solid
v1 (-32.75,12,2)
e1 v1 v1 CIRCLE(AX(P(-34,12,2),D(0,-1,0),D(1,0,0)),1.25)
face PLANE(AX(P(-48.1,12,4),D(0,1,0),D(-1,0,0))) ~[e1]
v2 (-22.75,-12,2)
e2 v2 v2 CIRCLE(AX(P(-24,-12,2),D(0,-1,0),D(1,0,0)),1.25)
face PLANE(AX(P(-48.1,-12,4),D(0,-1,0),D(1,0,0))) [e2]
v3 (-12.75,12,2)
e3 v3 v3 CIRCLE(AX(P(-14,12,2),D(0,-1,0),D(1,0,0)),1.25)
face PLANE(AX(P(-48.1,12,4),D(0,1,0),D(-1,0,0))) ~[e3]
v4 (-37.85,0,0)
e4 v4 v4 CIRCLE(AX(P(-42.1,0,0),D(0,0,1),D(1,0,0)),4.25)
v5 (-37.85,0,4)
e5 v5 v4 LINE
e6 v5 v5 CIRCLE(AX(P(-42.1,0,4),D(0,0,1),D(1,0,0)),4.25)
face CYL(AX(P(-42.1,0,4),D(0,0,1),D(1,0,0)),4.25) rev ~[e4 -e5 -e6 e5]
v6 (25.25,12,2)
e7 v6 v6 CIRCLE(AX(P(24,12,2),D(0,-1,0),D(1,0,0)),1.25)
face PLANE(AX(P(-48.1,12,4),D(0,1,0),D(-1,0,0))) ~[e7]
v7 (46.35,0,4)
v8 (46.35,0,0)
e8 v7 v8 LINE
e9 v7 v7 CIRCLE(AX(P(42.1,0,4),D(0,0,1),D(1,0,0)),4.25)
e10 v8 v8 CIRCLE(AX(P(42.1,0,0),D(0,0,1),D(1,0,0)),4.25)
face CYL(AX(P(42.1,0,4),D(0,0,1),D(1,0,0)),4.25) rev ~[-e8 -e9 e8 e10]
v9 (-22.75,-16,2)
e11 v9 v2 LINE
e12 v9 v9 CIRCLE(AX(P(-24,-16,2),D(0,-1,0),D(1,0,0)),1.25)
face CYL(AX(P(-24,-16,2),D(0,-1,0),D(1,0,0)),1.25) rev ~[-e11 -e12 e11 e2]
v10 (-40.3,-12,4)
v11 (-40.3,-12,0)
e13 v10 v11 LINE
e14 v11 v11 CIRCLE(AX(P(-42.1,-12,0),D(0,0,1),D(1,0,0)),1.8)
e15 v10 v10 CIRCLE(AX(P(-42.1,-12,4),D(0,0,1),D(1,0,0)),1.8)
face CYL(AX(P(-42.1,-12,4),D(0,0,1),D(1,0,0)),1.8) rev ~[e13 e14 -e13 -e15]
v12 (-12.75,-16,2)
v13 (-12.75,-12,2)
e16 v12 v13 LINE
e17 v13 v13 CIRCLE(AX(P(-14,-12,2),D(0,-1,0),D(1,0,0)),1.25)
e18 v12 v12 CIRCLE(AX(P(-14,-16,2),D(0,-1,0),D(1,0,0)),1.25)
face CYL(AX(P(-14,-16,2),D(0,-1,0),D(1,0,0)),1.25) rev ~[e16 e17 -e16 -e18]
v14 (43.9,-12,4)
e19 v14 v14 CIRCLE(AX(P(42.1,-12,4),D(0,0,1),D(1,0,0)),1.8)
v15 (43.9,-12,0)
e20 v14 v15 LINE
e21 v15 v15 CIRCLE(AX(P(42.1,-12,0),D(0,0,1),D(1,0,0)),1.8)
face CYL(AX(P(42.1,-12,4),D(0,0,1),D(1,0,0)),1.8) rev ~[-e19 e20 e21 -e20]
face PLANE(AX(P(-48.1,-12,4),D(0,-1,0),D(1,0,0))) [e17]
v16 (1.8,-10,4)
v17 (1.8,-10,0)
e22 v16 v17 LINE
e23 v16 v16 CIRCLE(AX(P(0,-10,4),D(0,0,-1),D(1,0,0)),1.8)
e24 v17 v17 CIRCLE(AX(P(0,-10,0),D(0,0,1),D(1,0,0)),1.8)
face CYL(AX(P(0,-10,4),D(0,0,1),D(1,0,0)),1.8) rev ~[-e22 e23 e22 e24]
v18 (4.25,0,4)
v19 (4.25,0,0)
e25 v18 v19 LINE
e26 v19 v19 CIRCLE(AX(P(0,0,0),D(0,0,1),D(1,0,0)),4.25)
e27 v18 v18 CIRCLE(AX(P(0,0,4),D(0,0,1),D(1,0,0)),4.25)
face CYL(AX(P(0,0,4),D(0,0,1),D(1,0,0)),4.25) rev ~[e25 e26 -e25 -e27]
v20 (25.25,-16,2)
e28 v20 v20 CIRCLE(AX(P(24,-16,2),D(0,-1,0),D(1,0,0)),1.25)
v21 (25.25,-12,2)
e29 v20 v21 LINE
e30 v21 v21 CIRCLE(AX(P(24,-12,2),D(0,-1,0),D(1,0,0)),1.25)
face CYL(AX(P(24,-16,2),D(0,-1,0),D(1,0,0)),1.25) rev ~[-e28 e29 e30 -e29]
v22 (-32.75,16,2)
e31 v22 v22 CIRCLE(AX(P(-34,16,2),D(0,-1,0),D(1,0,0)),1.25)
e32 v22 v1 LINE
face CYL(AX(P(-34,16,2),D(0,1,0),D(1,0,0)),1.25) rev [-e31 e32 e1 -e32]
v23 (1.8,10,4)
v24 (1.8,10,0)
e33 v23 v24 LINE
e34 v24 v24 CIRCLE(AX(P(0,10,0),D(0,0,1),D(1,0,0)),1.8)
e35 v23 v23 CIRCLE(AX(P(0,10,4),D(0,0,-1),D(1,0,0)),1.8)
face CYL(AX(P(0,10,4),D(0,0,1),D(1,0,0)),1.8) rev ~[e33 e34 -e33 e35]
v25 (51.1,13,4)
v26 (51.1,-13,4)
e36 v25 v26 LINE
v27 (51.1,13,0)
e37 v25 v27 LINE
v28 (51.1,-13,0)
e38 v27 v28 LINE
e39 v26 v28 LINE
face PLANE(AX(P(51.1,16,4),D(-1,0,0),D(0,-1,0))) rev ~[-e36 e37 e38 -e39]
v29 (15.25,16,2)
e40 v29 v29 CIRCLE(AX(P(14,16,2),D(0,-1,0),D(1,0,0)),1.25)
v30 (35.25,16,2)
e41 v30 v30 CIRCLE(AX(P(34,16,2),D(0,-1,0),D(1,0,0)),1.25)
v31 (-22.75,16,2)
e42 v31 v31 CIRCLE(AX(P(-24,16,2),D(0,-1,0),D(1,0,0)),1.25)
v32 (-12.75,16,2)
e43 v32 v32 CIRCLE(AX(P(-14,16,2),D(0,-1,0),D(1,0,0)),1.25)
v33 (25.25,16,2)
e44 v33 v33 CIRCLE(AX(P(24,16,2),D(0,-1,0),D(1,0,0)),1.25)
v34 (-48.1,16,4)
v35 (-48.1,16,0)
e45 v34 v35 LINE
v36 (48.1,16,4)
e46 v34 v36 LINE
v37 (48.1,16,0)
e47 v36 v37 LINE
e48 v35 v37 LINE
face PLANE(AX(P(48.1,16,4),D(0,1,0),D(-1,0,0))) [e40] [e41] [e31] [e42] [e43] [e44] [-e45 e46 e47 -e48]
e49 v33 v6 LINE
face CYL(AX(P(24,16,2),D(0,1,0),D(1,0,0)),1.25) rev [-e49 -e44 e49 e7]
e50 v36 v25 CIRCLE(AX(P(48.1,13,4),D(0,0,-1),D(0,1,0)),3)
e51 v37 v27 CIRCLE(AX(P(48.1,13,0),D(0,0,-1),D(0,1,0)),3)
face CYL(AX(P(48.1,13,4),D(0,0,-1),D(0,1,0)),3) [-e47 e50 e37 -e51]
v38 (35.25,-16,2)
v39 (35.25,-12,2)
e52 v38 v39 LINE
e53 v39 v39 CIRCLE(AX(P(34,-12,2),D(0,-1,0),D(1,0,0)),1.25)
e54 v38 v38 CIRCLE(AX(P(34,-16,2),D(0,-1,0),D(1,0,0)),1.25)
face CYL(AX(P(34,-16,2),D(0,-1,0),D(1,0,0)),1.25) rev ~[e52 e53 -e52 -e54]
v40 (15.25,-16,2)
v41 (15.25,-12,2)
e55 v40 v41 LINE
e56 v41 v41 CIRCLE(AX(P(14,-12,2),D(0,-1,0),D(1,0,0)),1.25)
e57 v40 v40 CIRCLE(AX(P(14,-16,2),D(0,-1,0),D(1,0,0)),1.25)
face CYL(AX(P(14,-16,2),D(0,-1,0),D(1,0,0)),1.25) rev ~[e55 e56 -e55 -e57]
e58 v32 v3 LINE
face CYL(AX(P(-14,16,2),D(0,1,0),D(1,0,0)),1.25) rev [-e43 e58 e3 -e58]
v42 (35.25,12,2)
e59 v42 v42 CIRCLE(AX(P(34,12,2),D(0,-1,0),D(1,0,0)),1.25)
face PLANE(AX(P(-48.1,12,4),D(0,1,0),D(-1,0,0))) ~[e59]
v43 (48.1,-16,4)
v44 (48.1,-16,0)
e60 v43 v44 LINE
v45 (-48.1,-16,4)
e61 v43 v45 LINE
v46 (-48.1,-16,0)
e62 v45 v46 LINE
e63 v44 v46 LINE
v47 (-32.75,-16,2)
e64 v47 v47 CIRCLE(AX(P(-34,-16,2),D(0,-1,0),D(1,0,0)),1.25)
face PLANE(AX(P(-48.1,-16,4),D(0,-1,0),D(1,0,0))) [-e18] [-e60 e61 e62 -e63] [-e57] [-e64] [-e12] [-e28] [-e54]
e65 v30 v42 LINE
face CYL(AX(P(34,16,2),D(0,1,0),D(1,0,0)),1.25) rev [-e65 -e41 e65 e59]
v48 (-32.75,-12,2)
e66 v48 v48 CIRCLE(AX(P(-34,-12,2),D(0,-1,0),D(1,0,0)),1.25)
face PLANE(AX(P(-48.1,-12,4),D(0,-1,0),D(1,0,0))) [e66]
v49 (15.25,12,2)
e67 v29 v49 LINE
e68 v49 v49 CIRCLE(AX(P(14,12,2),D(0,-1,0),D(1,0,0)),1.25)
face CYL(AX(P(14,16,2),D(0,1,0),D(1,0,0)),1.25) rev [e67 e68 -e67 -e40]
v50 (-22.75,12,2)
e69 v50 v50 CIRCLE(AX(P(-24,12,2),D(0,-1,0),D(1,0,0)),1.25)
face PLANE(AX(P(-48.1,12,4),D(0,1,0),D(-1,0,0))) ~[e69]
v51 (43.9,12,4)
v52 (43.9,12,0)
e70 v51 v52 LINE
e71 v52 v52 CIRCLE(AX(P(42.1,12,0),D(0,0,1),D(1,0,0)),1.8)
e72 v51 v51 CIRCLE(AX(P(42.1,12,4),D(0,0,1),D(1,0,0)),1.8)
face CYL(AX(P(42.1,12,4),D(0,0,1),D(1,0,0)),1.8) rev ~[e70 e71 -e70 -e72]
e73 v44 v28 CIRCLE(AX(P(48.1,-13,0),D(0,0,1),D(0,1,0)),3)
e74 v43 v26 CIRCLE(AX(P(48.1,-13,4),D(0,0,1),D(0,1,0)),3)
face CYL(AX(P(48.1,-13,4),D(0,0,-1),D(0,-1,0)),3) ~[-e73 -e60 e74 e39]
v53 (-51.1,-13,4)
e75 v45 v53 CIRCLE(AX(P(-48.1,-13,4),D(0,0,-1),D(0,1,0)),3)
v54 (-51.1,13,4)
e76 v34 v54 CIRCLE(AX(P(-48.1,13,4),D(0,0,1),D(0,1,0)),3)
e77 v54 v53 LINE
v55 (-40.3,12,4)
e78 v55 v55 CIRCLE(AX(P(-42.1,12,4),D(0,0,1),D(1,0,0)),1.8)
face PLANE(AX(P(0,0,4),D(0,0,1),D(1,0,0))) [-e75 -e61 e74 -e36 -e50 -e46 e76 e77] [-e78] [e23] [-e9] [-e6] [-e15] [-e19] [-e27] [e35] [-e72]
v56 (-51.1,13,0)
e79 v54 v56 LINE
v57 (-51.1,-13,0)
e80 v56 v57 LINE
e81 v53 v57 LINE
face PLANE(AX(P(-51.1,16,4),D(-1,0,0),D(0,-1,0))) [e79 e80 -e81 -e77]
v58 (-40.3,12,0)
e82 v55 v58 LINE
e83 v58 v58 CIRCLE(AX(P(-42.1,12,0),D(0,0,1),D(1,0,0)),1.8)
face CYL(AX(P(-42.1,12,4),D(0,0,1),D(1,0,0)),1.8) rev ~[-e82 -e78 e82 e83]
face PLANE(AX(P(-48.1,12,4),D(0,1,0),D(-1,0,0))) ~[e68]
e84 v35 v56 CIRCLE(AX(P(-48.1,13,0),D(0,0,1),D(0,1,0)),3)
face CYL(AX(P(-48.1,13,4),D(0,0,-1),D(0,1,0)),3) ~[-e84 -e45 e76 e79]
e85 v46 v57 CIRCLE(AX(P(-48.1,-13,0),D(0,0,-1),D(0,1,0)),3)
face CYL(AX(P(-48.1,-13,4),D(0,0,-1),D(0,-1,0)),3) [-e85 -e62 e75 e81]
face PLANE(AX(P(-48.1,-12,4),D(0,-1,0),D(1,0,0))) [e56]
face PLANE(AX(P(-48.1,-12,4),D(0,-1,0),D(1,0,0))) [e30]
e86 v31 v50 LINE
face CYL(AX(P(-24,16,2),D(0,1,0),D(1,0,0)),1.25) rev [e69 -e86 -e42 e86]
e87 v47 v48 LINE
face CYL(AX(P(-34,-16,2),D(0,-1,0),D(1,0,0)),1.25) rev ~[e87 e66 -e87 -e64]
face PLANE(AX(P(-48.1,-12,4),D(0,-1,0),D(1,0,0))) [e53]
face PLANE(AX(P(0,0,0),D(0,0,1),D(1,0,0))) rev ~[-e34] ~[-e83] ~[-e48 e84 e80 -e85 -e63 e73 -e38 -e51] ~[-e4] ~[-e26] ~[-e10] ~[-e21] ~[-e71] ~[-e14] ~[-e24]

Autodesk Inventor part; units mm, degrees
ref_plane "YZ Plane" through (0, 0, 0) normal (1, 0, 0) x (0, 1, 0)
ref_plane "XZ Plane" through (0, 0, 0) normal (0, 1, 0) x (-1, 0, 0)
ref_plane "XY Plane" through (0, 0, 0) normal (0, 0, 1) x (1, 0, 0)
sketch "스케치1" plane through (0, 0, 0) normal (0, 0, 1) x (1, 0, 0)
  line L0 (-48.1, 15) -> (48.1, 15)
  line L1 (48.1, 15) -> (48.1, -15)
  line L2 (48.1, -15) -> (-48.1, -15)
  line L3 (-48.1, -15) -> (-48.1, 15)
  line L4 (-48.1, 15) -> (48.1, -15) construction
  line L5 (48.1, 15) -> (-48.1, -15) construction
  point P0 (0, 0)
  dimension "d0" = 96.2
  dimension "d1" = 30
extrude "돌출1" add sketch "스케치1" along normal blind 4
sketch "스케치2" plane through (0, 0, 4) normal (0, 0, 1) x (1, 0, 0)
  circle A0 centre (42.1, 0) radius 4.25
  circle A1 centre (-42.1, 0) radius 4.25
  arc A2 (-46.1, 15) -> (-48.1, 13) centre (-46.1, 13) ccw
  line L0 (-48.1, 13) -> (-48.1, -13)
  arc A3 (-48.1, -13) -> (-46.1, -15) centre (-46.1, -13) ccw
  line L1 (-46.1, -15) -> (46.1, -15)
  arc A4 (46.1, -15) -> (48.1, -13) centre (46.1, -13) ccw
  line L2 (48.1, -13) -> (48.1, 13)
  arc A5 (48.1, 13) -> (46.1, 15) centre (46.1, 13) ccw
  line L3 (46.1, 15) -> (-46.1, 15)
  circle A6 centre (12, 0) radius 1.35
  circle A7 centre (0, 12) radius 1.35
  circle A8 centre (-12, 0) radius 1.35
  circle A9 centre (42.1, -12) radius 1.8
  circle A10 centre (-42.1, -12) radius 1.8
  circle A11 centre (42.1, 12) radius 1.8
  circle A12 centre (-42.1, 12) radius 1.8
  line L4 (-48.1, -15) -> (48.1, -15) projected
  line L5 (48.1, -15) -> (48.1, 15) projected
  line L6 (48.1, 15) -> (-48.1, 15) projected
  line L7 (-48.1, 15) -> (-48.1, -15) projected
  point P0 (0, 0)
  point P1 (0, 0)
  point P2 (48.1, -13)
  point P3 (-48.1, 13)
  dimension "d4" = 8.5
  dimension "d5" = 92.2
  dimension "d6" = 26
  dimension "d7" = 8.5
  dimension "d8" = 15
  dimension "d9" = 15
  dimension "d10" = 6
  dimension "d11" = 6
  dimension "d12" = 12
  dimension "d13" = 12
  dimension "d14" = 3.6
  dimension "d15" = 3.6
  dimension "d16" = 3.6
  dimension "d17" = 3.6
  dimension "d18" = 12
  dimension "d19" = 12
  dimension "d20" = 2.7
  dimension "d21" = 2.7
  dimension "d22" = 2.7
  dimension "d25" = 12
  dimension "d26" = 24
extrude "돌출2" cut sketch "스케치2" against normal blind 4 contours A0 | A1 | A2 L7 L6 | L6 L5 A5 | A3 L4 L7 | L5 L4 A4 | A6 | A7 | A8 | A9 | A10 | A11 | A12
sketch "스케치3" plane through (0, 0, 4) normal (0, 0, 1) x (1, 0, 0)
  circle A0 centre (-12, 0) radius 1.35 projected
  circle A1 centre (42.1, 0) radius 4.25 projected
  circle A2 centre (-42.1, -12) radius 1.8 projected
  circle A3 centre (42.1, 12) radius 1.8 projected
  circle A4 centre (0, 12) radius 1.35 projected
  circle A5 centre (-42.1, 0) radius 4.25 projected
  circle A6 centre (-42.1, 12) radius 1.8 projected
  circle A7 centre (42.1, -12) radius 1.8 projected
  circle A8 centre (12, 0) radius 1.35 projected
  arc A9 (46.1, -15) -> (48.1, -13) centre (46.1, -13) ccw projected
  line L0 (48.1, -13) -> (48.1, 13) projected
  arc A10 (48.1, 13) -> (46.1, 15) centre (46.1, 13) ccw projected
  line L1 (46.1, 15) -> (-46.1, 15) projected
  arc A11 (-46.1, 15) -> (-48.1, 13) centre (-46.1, 13) ccw projected
  line L2 (-48.1, 13) -> (-48.1, -13) projected
  arc A12 (-48.1, -13) -> (-46.1, -15) centre (-46.1, -13) ccw projected
  line L3 (-46.1, -15) -> (46.1, -15) projected
  line L4 (-48.1, 13) -> (-48.1, -13) projected
  line L5 (-48.1, 13) -> (-48.1, 16)
  arc A13 (48.1, 13) -> (46.1, 15) centre (46.1, 13) ccw projected
  line L6 (48.1, 13) -> (48.1, 16)
  line L7 (48.1, 16) -> (-48.1, 16)
  line L8 (48.1, -13) -> (48.1, 13) projected
  line L9 (48.1, -13) -> (48.1, -16)
  line L10 (-48.1, -13) -> (-48.1, -16)
  line L11 (-48.1, -16) -> (48.1, -16)
  point P0 (0, 0)
  dimension "d29" = 3
  dimension "d30" = 3
  dimension "d31" = 3
  dimension "d32" = 3
extrude "돌출3" add sketch "스케치3" against normal blind 4 contours A9 L9 L11 L10 A12 L3 | A10 L1 A11 L5 L7 L6
fillet "모깎기1" radius 3 4 edges at (-48.1, -16, 2) (48.1, -16, 2) (48.1, 16, 2) (-48.1, 16, 2)
sketch "스케치4" plane through (0, 0, 4) normal (0, 0, 1) x (1, 0, 0)
  arc A0 (-45.1, 16) -> (-48.1, 13) centre (-45.1, 13) ccw projected
  line L0 (-48.1, 13) -> (-48.1, -13) projected
  arc A1 (-48.1, -13) -> (-45.1, -16) centre (-45.1, -13) ccw projected
  line L1 (-45.1, -16) -> (45.1, -16) projected
  arc A2 (45.1, -16) -> (48.1, -13) centre (45.1, -13) ccw projected
  line L2 (48.1, -13) -> (48.1, 13) projected
  arc A3 (48.1, 13) -> (45.1, 16) centre (45.1, 13) ccw projected
  line L3 (45.1, 16) -> (-45.1, 16) projected
  circle A4 centre (-12, 0) radius 1.35 projected
  circle A5 centre (42.1, 0) radius 4.25 projected
  circle A6 centre (-42.1, -12) radius 1.8 projected
  circle A7 centre (42.1, 12) radius 1.8 projected
  circle A8 centre (0, 12) radius 1.35 projected
  circle A9 centre (-42.1, 0) radius 4.25 projected
  circle A10 centre (-42.1, 12) radius 1.8 projected
  circle A11 centre (42.1, -12) radius 1.8 projected
  circle A12 centre (12, 0) radius 1.35 projected
  line L4 (45.1, 16) -> (-45.1, 16) projected
  line L5 (-45.1, 16) -> (-51.1, 16)
  arc A13 (-45.1, 16) -> (-48.1, 13) centre (-45.1, 13) ccw projected
  line L6 (-51.1, 16) -> (-51.1, -16)
  line L7 (-45.1, -16) -> (45.1, -16) projected
  line L8 (-51.1, -16) -> (-45.1, -16)
  line L9 (45.1, 16) -> (51.1, 16)
  line L10 (51.1, 16) -> (51.1, -16)
  line L11 (51.1, -16) -> (45.1, -16)
  point P0 (0, 0)
  dimension "d36" = 6
  dimension "d37" = 6
extrude "돌출4" add sketch "스케치4" against normal blind 4 contours A0 L0 A1 L8 L6 L5 | L9 L10 L11 A2 L2 A3
fillet "모깎기2" radius 3 4 edges at (-51.1, -16, 2) (-51.1, 16, 2) (51.1, 16, 2) (51.1, -16, 2)
sketch "스케치5" plane through (0, 0, 4) normal (0, 0, 1) x (1, 0, 0)
  circle A0 centre (0, 0) radius 4.25
  dimension "d41" = 8.5
extrude "돌출5" cut sketch "스케치5" against normal blind 4
sketch "스케치6" plane through (0, 0, 4) normal (0, 0, 1) x (1, 0, 0)
  line L0 (0, 0) -> (0, 10)
  circle A0 centre (0, 0) radius 4.25 projected
  line L1 (0, 0) -> (0, -10)
  circle A1 centre (0, 10) radius 1.8
  circle A2 centre (0, -10) radius 1.8
  circle A3 centre (0, 0) radius 4.25 projected
  arc A4 (48.1, -16) -> (51.1, -13) centre (48.1, -13) ccw projected
  line L2 (51.1, -13) -> (51.1, 13) projected
  arc A5 (51.1, 13) -> (48.1, 16) centre (48.1, 13) ccw projected
  line L3 (48.1, 16) -> (-48.1, 16) projected
  arc A6 (-48.1, 16) -> (-51.1, 13) centre (-48.1, 13) ccw projected
  line L4 (-51.1, 13) -> (-51.1, -13) projected
  arc A7 (-51.1, -13) -> (-48.1, -16) centre (-48.1, -13) ccw projected
  line L5 (-48.1, -16) -> (48.1, -16) projected
  circle A8 centre (-12, 0) radius 1.35 projected
  circle A9 centre (42.1, 0) radius 4.25 projected
  circle A10 centre (-42.1, -12) radius 1.8 projected
  circle A11 centre (42.1, 12) radius 1.8 projected
  circle A12 centre (0, 12) radius 1.35 projected
  circle A13 centre (-42.1, 0) radius 4.25 projected
  circle A14 centre (-42.1, 12) radius 1.8 projected
  circle A15 centre (42.1, -12) radius 1.8 projected
  circle A16 centre (12, 0) radius 1.35 projected
  dimension "d44" = 10
  dimension "d45" = 10
  dimension "d46" = 3.6
  dimension "d47" = 3.6
extrude "돌출6" add sketch "스케치6" against normal blind 4 contours A12 A1 | A1 A12 | A8 | A16 picked at (0.3966, 12.2209) picked at (0.1959, 11.4027)
extrude "돌출7" cut sketch "스케치6" against normal blind 4 contours A1 A12 | A2 | A1 A12 picked at (-0.1974, 9.0374) picked at (0.1959, 11.4027)
sketch "스케치8" plane through (-48.1, -16, 4) normal (0, -1, 0) x (1, 0, 0)
  line L0 (96.2, 0) -> (96.2, -4) projected
  line L1 (0, 0) -> (96.2, 0) projected
  line L2 (0, -4) -> (0, 0) projected
  line L3 (96.2, -4) -> (0, -4) projected
  line L4 (96.2, -4) -> (96.2, 0) projected
  line L5 (96.2, -2) -> (0, -2) construction
  line L6 (0, -4) -> (0, 0) projected
  line L7 (48.1, -4) -> (48.1, 0) construction
  circle A0 centre (34.1, -2) radius 1.25
  circle A1 centre (24.1, -2) radius 1.25
  circle A2 centre (14.1, -2) radius 1.25
  circle A3 centre (62.1, -2) radius 1.25
  circle A4 centre (72.1, -2) radius 1.25
  circle A5 centre (82.1, -2) radius 1.25
  point P0 (48.1, -2)
  dimension "d53" = 2.5
  dimension "d54" = 2.5
  dimension "d55" = 2.5
  dimension "d56" = 2.5
  dimension "d57" = 2.5
  dimension "d58" = 2.5
  dimension "d59" = 14
  dimension "d60" = 10
  dimension "d61" = 10
  dimension "d63" = 10
  dimension "d64" = 10
  dimension "d67" = 14
extrude "돌출8" cut sketch "스케치8" against normal blind 4 contours A0 | A1 | A2 | A3 | A4 | A5
mirror "미러1" about plane through (0, 0, 0) normal (0, 1, 0) of "돌출8"
properties part number "스프링블럭2" material "알루미늄 6061"
